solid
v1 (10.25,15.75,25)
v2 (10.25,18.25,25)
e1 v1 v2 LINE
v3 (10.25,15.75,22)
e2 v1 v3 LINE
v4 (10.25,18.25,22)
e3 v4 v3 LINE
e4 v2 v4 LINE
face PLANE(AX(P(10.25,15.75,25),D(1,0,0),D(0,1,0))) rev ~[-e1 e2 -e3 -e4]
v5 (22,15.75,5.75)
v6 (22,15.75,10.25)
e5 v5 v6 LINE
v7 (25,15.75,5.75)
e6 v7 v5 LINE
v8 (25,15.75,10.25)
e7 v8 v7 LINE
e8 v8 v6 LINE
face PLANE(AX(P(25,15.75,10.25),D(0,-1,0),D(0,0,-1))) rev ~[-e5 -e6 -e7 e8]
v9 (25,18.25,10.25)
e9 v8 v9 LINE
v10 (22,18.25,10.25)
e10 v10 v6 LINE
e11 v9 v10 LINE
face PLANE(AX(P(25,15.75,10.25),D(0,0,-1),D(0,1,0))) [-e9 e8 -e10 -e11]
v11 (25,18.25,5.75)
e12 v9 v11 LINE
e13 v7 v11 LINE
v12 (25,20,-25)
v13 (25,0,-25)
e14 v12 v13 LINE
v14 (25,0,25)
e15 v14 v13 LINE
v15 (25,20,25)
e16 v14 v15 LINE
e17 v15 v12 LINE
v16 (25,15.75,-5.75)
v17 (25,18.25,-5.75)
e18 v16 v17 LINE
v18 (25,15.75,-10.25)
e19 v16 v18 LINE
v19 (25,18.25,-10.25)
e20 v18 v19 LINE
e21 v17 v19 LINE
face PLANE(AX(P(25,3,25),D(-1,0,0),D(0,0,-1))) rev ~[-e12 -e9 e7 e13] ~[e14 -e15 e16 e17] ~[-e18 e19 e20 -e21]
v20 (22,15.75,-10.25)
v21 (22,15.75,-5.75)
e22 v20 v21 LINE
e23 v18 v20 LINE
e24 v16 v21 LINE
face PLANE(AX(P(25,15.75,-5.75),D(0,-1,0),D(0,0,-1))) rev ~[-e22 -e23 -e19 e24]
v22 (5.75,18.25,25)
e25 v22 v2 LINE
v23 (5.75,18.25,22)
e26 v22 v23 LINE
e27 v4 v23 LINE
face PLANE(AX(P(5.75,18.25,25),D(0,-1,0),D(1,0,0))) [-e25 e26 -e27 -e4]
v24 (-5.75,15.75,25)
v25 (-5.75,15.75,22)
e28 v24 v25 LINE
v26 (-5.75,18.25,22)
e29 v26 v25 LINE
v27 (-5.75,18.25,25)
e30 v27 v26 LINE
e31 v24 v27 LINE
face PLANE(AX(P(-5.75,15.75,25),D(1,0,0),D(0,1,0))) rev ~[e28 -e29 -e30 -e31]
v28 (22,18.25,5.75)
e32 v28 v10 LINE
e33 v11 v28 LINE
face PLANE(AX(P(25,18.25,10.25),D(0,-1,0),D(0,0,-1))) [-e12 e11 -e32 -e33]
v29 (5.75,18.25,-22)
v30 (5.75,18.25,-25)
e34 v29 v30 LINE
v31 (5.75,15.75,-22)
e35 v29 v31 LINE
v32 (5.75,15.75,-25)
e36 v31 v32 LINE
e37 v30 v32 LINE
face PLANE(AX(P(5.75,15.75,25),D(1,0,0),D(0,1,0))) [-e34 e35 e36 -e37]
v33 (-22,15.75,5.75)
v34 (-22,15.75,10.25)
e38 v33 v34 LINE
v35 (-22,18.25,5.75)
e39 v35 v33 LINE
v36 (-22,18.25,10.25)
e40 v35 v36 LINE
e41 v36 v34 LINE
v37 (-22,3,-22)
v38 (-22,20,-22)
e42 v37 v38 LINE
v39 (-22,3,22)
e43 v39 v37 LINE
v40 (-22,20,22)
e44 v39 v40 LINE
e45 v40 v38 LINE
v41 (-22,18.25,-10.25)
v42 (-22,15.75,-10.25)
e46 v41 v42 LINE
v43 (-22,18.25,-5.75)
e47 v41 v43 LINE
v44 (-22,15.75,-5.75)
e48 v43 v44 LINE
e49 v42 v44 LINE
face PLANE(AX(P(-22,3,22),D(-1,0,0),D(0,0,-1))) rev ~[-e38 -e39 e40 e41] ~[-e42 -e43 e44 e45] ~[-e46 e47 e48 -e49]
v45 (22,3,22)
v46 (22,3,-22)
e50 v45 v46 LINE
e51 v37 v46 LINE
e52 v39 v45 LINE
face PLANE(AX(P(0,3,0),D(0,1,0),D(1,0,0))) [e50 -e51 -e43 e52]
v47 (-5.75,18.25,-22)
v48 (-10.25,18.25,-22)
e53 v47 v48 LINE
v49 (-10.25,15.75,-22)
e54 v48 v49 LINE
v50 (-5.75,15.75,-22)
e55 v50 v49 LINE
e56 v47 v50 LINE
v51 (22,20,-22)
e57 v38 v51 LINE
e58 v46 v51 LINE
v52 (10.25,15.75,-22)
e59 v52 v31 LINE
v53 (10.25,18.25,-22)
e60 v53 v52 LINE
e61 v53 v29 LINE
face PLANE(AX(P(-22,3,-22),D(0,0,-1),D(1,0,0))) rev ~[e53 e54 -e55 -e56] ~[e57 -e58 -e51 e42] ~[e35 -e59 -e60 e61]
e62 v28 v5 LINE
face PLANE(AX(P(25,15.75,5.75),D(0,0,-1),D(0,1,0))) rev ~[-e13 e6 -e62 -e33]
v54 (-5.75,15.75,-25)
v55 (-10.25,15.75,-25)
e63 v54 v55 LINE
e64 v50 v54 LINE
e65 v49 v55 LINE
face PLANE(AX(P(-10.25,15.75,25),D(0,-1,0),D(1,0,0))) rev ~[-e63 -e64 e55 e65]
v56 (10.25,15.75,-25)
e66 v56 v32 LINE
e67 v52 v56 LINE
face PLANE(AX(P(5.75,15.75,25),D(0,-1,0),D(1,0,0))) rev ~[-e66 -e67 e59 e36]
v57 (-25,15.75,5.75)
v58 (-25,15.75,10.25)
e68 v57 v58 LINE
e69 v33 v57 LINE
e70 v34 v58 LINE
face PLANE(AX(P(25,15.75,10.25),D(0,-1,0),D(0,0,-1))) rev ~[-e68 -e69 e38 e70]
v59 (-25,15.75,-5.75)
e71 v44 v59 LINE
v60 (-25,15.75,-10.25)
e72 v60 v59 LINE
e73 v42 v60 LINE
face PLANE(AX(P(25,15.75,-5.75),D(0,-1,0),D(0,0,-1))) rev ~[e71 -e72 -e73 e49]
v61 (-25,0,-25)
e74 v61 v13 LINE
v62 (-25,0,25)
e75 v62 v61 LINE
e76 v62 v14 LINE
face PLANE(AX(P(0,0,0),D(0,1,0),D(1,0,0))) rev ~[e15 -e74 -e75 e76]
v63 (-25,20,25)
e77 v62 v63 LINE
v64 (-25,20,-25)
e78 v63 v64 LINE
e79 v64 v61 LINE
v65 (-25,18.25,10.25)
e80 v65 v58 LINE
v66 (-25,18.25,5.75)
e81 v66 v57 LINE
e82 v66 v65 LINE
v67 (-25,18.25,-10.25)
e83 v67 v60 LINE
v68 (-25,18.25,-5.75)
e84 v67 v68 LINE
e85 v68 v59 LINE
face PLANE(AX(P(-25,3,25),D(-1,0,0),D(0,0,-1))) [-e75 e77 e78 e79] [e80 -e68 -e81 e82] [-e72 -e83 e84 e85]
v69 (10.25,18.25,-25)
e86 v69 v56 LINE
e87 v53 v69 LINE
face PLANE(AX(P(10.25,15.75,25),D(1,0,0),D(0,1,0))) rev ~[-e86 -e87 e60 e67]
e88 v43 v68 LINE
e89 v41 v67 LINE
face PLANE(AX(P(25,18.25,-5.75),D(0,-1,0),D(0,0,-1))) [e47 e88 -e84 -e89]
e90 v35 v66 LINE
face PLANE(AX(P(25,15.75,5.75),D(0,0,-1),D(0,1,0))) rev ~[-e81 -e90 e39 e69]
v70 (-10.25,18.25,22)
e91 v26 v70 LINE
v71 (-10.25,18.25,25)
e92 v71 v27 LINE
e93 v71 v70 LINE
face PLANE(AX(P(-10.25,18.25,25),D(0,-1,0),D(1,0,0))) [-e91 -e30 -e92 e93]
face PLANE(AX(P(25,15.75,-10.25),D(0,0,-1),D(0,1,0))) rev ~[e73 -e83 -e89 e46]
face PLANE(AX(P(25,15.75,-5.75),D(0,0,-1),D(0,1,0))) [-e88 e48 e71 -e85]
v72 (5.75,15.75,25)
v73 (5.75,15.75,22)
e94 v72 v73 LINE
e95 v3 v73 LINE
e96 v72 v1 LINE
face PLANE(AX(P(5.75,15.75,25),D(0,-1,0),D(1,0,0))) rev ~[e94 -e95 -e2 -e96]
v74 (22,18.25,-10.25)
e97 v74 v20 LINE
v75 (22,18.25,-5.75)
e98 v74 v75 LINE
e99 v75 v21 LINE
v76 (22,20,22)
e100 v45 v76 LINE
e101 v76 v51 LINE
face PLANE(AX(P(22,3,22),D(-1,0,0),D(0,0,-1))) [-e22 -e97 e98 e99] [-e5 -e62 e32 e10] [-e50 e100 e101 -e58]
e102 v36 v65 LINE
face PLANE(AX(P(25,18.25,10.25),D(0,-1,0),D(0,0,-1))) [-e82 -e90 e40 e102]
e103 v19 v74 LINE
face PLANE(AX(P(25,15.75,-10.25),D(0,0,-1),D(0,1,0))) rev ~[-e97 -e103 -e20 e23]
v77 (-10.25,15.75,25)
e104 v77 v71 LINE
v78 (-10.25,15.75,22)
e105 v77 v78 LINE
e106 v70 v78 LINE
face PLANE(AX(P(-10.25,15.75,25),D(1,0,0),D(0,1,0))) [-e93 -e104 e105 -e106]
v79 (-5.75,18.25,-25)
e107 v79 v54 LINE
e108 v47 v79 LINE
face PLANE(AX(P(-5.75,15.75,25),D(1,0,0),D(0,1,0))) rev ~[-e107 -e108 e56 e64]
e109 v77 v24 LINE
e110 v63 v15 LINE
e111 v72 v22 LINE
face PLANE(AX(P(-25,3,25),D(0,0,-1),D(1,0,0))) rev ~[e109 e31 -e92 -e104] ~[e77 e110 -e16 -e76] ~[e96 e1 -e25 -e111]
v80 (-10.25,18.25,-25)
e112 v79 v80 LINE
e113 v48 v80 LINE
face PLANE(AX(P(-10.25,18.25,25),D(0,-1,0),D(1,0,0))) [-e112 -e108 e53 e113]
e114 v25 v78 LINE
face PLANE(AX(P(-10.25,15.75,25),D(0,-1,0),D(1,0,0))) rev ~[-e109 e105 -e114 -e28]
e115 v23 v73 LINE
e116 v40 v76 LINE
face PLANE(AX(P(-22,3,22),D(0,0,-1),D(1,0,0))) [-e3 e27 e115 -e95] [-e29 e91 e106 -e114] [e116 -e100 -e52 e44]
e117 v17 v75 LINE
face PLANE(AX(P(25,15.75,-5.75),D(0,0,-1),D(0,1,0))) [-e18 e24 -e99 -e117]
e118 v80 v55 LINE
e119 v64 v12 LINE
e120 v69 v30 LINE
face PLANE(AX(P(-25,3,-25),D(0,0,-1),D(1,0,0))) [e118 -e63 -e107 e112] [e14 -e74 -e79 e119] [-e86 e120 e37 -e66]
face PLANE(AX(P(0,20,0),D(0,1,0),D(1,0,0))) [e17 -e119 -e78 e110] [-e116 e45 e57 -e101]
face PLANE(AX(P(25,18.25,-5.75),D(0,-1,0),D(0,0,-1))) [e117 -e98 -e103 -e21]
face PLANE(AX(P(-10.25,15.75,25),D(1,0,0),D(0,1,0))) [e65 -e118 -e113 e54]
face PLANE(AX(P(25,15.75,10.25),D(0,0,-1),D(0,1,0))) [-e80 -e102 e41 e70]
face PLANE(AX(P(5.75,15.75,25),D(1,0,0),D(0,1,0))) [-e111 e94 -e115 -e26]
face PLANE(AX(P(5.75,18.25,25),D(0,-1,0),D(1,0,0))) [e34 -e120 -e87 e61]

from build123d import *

# Parameters (mm, degrees)
SKETCH_1_W          = 50
SKETCH_1_H          = 50
EXTRUDE_1_DEPTH     = 3
SKETCH_2_W          = 50
SKETCH_2_H          = 50
SKETCH_2_W_2        = 44
SKETCH_2_H_2        = 44
EXTRUDE_2_DEPTH     = 17
SKETCH_3_W          = 4.5
SKETCH_3_H          = 2.5
CUT_EXTRUDE_1_DEPTH = 60.371710435
SKETCH_4_W          = 4.5
SKETCH_4_H          = 2.5
CUT_EXTRUDE_2_DEPTH = 60.371710435


with BuildPart() as part:
    # 草图1 → 凸台-拉伸1 (new body)
    with BuildSketch(Plane(origin=(0, 0, 0), x_dir=(1, 0, 0), z_dir=(0, 1, 0))):
        Rectangle(SKETCH_1_W, SKETCH_1_H)
    extrude(amount=EXTRUDE_1_DEPTH)

    # 草图2 → 凸台-拉伸2 (add)
    with BuildSketch(Plane(origin=(0, 3, 0), x_dir=(1, 0, 0), z_dir=(0, 1, 0))):
        Rectangle(SKETCH_2_W, SKETCH_2_H)
        Rectangle(SKETCH_2_W_2, SKETCH_2_H_2, mode=Mode.SUBTRACT)
    extrude(amount=EXTRUDE_2_DEPTH)

    # 草图3 → 切除-拉伸1 (cut, through all)
    with BuildSketch(Plane.XY.offset(25)):
        with Locations((-8, 17)):
            Rectangle(SKETCH_3_W, SKETCH_3_H)
        with Locations((8, 17)):
            Rectangle(SKETCH_3_W, SKETCH_3_H)
    extrude(amount=-CUT_EXTRUDE_1_DEPTH, mode=Mode.SUBTRACT)

    # 草图4 → 切除-拉伸2 (cut, through all)
    with BuildSketch(Plane(origin=(25, 0, 0), x_dir=(0, 0, -1), z_dir=(1, 0, 0))):
        with Locations((-8, 17)):
            Rectangle(SKETCH_4_W, SKETCH_4_H)
        with Locations((8, 17)):
            Rectangle(SKETCH_4_W, SKETCH_4_H)
    extrude(amount=-CUT_EXTRUDE_2_DEPTH, mode=Mode.SUBTRACT)


solid = part.part
